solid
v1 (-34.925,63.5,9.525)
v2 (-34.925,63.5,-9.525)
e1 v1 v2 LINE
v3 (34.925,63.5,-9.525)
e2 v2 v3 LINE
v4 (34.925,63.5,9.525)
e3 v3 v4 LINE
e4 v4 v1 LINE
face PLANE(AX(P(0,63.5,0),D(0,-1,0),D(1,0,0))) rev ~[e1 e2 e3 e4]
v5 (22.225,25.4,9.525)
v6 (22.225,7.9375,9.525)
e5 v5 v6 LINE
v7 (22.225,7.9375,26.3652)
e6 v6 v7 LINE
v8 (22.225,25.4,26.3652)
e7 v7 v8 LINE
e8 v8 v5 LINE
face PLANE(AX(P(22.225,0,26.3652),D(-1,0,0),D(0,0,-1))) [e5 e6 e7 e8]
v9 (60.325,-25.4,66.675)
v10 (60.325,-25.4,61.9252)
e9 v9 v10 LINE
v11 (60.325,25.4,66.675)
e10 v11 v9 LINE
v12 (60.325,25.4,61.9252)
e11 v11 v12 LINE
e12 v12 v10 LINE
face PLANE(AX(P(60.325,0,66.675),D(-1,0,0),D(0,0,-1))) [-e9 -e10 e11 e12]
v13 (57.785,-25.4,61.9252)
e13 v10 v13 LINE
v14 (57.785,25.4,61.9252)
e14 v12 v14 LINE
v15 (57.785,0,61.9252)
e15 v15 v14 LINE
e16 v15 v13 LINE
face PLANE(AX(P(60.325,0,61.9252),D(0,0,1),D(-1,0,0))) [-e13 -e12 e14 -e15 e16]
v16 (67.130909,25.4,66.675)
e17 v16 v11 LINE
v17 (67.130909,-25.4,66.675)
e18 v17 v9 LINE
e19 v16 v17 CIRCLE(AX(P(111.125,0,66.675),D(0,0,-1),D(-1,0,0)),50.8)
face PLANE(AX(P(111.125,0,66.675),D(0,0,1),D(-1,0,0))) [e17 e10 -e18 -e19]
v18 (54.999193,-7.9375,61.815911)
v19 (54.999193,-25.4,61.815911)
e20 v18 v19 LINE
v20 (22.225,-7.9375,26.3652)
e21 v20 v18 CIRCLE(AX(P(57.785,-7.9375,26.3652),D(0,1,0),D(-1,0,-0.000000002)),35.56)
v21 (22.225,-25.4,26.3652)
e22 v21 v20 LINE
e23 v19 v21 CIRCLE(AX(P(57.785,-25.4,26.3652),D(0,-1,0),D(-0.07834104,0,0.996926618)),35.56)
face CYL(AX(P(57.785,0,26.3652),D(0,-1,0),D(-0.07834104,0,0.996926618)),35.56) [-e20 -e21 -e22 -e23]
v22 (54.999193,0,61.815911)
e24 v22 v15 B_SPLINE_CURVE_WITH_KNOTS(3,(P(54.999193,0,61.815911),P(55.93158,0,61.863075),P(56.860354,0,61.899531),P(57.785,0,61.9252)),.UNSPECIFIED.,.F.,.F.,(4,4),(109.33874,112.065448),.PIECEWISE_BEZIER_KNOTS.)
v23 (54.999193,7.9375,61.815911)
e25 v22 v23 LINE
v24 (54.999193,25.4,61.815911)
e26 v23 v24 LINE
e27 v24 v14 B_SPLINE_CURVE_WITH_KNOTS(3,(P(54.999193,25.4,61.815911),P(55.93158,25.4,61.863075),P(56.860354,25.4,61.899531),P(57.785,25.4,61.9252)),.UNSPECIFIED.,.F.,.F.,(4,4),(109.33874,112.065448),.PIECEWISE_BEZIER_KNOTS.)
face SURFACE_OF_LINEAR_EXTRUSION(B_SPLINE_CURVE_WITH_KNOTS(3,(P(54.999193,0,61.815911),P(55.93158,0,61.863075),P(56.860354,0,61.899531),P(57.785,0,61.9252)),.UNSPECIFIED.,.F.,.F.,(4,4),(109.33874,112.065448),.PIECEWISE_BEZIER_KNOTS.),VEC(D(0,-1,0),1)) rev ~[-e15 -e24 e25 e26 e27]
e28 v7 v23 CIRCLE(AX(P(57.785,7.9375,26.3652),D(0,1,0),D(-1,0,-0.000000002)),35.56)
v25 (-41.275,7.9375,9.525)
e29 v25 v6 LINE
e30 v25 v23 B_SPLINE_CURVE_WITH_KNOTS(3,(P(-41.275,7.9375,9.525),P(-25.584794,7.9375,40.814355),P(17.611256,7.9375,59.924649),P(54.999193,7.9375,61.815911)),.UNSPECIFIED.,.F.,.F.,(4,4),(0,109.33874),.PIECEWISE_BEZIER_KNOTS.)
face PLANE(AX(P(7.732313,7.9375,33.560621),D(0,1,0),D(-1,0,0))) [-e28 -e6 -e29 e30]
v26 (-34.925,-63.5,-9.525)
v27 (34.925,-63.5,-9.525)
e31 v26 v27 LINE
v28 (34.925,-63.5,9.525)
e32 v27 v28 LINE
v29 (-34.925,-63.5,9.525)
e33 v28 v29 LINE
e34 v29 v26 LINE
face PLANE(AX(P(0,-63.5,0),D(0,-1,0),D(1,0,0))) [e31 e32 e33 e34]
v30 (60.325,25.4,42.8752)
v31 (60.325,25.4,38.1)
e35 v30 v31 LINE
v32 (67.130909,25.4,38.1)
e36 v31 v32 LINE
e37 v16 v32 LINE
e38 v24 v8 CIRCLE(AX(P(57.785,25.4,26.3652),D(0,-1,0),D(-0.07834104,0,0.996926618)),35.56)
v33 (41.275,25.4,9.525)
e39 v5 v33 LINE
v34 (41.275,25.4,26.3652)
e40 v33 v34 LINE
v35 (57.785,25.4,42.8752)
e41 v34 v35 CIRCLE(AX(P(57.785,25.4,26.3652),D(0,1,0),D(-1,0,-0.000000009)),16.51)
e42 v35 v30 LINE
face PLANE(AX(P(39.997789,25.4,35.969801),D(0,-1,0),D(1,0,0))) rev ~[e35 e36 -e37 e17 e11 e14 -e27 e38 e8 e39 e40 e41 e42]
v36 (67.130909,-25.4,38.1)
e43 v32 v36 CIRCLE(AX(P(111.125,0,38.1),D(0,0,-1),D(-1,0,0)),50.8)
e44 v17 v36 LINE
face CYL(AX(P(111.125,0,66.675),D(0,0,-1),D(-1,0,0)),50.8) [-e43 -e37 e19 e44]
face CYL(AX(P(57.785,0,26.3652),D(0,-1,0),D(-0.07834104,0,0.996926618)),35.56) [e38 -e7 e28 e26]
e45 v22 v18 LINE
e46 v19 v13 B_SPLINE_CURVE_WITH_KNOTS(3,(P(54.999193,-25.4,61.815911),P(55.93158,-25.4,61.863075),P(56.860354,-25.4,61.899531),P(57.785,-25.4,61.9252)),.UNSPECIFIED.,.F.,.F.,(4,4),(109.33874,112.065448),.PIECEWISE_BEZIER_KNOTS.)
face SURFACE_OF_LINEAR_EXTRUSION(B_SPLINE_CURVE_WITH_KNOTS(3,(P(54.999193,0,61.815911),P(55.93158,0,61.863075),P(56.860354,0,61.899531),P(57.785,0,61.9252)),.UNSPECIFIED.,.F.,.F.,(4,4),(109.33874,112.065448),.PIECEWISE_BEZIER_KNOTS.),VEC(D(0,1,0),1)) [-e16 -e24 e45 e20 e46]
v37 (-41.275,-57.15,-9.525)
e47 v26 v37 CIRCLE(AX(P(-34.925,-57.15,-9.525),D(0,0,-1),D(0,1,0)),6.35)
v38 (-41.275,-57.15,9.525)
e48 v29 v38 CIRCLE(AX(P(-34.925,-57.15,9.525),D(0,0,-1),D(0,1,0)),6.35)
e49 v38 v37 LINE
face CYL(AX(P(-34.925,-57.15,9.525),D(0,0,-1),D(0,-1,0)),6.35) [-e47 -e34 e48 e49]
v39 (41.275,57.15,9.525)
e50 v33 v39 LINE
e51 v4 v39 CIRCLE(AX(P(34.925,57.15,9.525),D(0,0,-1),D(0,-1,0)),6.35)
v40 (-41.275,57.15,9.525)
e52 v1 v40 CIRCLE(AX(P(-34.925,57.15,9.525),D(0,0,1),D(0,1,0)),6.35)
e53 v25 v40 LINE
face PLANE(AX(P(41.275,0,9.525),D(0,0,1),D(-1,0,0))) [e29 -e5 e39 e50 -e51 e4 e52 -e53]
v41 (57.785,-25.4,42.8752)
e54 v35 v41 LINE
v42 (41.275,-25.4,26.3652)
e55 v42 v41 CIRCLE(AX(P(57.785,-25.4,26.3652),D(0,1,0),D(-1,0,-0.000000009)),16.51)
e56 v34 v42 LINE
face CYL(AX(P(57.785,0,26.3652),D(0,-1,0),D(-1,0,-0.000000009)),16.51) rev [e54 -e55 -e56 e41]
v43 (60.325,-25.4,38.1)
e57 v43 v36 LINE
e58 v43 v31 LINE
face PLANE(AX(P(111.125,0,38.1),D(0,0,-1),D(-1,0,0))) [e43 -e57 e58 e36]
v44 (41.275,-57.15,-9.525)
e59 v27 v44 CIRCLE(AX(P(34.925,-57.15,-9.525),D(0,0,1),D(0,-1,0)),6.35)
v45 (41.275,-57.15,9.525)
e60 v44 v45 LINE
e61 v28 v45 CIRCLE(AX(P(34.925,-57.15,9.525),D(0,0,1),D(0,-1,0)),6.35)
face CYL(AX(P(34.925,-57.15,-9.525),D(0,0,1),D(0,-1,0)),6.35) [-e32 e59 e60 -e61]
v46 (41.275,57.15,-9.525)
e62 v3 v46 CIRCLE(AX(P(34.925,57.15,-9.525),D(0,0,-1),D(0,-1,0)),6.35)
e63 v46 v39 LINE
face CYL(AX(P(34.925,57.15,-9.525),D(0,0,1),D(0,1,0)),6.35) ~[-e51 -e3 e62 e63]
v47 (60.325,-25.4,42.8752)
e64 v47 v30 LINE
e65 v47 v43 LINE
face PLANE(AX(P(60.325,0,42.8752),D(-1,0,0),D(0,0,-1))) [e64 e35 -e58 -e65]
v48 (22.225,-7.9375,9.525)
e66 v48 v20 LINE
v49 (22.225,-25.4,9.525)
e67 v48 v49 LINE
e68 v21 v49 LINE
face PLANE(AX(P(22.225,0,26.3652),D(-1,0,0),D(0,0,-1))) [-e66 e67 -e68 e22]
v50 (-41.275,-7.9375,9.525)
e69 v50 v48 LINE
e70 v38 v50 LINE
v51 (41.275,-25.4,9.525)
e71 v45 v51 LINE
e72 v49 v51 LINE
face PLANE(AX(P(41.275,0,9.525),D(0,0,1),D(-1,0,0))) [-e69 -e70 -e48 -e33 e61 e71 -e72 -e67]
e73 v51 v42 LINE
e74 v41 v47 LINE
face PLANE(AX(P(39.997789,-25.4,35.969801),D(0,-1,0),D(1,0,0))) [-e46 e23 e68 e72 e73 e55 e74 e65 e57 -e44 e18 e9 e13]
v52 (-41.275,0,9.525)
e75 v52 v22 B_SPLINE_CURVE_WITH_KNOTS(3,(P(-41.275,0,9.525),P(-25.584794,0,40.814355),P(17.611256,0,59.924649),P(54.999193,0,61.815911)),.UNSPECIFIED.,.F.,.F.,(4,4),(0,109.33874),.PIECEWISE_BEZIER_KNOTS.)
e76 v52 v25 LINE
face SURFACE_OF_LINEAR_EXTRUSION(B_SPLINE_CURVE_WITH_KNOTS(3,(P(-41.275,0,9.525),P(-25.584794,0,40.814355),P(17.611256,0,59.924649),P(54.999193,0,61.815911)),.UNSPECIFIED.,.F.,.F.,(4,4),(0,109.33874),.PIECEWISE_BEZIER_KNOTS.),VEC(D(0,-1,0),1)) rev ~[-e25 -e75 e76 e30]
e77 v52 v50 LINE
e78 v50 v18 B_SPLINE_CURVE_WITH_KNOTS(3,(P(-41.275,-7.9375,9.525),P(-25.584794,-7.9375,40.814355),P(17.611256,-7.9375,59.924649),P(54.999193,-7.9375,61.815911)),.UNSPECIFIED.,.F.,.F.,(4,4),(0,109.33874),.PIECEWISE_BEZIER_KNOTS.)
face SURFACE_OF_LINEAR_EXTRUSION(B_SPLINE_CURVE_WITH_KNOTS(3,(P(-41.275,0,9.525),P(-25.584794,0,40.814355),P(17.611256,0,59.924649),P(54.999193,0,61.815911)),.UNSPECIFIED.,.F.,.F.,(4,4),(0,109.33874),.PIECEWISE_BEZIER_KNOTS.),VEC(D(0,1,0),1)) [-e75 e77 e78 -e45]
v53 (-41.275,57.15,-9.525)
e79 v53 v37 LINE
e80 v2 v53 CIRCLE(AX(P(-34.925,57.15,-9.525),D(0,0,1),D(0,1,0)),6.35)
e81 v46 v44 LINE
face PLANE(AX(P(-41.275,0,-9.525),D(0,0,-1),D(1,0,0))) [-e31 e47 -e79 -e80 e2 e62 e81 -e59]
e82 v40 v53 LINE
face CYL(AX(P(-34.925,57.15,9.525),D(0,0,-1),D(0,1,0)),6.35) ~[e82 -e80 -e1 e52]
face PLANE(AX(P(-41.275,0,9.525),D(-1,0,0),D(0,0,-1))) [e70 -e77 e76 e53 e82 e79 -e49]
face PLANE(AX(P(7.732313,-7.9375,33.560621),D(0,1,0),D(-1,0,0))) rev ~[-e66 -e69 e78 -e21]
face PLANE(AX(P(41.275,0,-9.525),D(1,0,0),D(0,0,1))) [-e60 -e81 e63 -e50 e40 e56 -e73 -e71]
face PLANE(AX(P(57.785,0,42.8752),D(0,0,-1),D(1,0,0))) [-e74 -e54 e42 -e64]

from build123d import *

# Parameters (mm, degrees)
F1_DEPTH = 63.5
F2_DEPTH = 25.4
F3_DEPTH = 7.9375
F5_R     = 6.35


with BuildPart() as f1:
    # F0 (on Front) → F1 (new body, symmetric)
    with BuildSketch(Plane.XZ):
        Polygon((22.225, 9.525), (-41.275, 9.525), (-41.275, -9.525), (41.275, -9.525), (41.275, 9.525), align=None)
    extrude(amount=F1_DEPTH, both=True)

    # F0 (on Front) → F2 (join, symmetric)
    with BuildSketch(Plane.XZ):
        with BuildLine():
            Line((22.225, 26.3652), (22.225, 9.525))
            Line((22.225, 9.525), (41.275, 9.525))
            Line((41.275, 9.525), (41.275, 26.3652))
            ThreePointArc((41.275, 26.3652), (46.110667, 38.039533), (57.785, 42.8752))
            Line((57.785, 42.8752), (60.325, 42.8752))
            Line((60.325, 42.8752), (60.325, 61.9252))
            Line((60.325, 61.9252), (57.785, 61.9252))
            add(Edge.make_bspline(
                [(54.999193, 61.815911), (55.93158, 61.863075), (56.860354, 61.899531), (57.785, 61.9252)],
                knots=[109.33874, 109.33874, 109.33874, 109.33874, 112.065448, 112.065448, 112.065448, 112.065448], degree=3))
            ThreePointArc((54.999193, 61.815911), (31.673921, 50.504901), (22.225, 26.3652))
        make_face()
        Polygon((60.325, 66.675), (60.325, 61.9252), (60.325, 42.8752), (60.325, 38.1), (111.125, 38.1), (111.125, 66.675), align=None)
    extrude(amount=F2_DEPTH, both=True)

    # F0 (on Front) → F3 (join, symmetric)
    with BuildSketch(Plane.XZ):
        with BuildLine():
            add(Edge.make_bspline(
                [(-41.275, 9.525), (-25.584794, 40.814355), (17.611256, 59.924649), (54.999193, 61.815911)],
                knots=[0, 0, 0, 0, 109.33874, 109.33874, 109.33874, 109.33874], degree=3))
            Line((-41.275, 9.525), (22.225, 9.525))
            Line((22.225, 9.525), (22.225, 26.3652))
            ThreePointArc((22.225, 26.3652), (31.673921, 50.504901), (54.999193, 61.815911))
        make_face()
    extrude(amount=F3_DEPTH, both=True)

    # F0 (on Front) → F4 (revolve)
    with BuildSketch(Plane.XZ):
        Polygon((60.325, 66.675), (60.325, 61.9252), (60.325, 42.8752), (60.325, 38.1), (111.125, 38.1), (111.125, 66.675), align=None)
    revolve(axis=Axis((111.125, 0, 52.3875), (0, 0, -1)))

    # F5
    f5_edges = [f1.edges().sort_by_distance(p)[0] for p in [
        (41.275, 63.5, 0),
        (-41.275, 63.5, 0),
        (41.275, -63.5, 0),
        (-41.275, -63.5, 0),
    ]]
    fillet(f5_edges, radius=F5_R)


solid = f1.part
